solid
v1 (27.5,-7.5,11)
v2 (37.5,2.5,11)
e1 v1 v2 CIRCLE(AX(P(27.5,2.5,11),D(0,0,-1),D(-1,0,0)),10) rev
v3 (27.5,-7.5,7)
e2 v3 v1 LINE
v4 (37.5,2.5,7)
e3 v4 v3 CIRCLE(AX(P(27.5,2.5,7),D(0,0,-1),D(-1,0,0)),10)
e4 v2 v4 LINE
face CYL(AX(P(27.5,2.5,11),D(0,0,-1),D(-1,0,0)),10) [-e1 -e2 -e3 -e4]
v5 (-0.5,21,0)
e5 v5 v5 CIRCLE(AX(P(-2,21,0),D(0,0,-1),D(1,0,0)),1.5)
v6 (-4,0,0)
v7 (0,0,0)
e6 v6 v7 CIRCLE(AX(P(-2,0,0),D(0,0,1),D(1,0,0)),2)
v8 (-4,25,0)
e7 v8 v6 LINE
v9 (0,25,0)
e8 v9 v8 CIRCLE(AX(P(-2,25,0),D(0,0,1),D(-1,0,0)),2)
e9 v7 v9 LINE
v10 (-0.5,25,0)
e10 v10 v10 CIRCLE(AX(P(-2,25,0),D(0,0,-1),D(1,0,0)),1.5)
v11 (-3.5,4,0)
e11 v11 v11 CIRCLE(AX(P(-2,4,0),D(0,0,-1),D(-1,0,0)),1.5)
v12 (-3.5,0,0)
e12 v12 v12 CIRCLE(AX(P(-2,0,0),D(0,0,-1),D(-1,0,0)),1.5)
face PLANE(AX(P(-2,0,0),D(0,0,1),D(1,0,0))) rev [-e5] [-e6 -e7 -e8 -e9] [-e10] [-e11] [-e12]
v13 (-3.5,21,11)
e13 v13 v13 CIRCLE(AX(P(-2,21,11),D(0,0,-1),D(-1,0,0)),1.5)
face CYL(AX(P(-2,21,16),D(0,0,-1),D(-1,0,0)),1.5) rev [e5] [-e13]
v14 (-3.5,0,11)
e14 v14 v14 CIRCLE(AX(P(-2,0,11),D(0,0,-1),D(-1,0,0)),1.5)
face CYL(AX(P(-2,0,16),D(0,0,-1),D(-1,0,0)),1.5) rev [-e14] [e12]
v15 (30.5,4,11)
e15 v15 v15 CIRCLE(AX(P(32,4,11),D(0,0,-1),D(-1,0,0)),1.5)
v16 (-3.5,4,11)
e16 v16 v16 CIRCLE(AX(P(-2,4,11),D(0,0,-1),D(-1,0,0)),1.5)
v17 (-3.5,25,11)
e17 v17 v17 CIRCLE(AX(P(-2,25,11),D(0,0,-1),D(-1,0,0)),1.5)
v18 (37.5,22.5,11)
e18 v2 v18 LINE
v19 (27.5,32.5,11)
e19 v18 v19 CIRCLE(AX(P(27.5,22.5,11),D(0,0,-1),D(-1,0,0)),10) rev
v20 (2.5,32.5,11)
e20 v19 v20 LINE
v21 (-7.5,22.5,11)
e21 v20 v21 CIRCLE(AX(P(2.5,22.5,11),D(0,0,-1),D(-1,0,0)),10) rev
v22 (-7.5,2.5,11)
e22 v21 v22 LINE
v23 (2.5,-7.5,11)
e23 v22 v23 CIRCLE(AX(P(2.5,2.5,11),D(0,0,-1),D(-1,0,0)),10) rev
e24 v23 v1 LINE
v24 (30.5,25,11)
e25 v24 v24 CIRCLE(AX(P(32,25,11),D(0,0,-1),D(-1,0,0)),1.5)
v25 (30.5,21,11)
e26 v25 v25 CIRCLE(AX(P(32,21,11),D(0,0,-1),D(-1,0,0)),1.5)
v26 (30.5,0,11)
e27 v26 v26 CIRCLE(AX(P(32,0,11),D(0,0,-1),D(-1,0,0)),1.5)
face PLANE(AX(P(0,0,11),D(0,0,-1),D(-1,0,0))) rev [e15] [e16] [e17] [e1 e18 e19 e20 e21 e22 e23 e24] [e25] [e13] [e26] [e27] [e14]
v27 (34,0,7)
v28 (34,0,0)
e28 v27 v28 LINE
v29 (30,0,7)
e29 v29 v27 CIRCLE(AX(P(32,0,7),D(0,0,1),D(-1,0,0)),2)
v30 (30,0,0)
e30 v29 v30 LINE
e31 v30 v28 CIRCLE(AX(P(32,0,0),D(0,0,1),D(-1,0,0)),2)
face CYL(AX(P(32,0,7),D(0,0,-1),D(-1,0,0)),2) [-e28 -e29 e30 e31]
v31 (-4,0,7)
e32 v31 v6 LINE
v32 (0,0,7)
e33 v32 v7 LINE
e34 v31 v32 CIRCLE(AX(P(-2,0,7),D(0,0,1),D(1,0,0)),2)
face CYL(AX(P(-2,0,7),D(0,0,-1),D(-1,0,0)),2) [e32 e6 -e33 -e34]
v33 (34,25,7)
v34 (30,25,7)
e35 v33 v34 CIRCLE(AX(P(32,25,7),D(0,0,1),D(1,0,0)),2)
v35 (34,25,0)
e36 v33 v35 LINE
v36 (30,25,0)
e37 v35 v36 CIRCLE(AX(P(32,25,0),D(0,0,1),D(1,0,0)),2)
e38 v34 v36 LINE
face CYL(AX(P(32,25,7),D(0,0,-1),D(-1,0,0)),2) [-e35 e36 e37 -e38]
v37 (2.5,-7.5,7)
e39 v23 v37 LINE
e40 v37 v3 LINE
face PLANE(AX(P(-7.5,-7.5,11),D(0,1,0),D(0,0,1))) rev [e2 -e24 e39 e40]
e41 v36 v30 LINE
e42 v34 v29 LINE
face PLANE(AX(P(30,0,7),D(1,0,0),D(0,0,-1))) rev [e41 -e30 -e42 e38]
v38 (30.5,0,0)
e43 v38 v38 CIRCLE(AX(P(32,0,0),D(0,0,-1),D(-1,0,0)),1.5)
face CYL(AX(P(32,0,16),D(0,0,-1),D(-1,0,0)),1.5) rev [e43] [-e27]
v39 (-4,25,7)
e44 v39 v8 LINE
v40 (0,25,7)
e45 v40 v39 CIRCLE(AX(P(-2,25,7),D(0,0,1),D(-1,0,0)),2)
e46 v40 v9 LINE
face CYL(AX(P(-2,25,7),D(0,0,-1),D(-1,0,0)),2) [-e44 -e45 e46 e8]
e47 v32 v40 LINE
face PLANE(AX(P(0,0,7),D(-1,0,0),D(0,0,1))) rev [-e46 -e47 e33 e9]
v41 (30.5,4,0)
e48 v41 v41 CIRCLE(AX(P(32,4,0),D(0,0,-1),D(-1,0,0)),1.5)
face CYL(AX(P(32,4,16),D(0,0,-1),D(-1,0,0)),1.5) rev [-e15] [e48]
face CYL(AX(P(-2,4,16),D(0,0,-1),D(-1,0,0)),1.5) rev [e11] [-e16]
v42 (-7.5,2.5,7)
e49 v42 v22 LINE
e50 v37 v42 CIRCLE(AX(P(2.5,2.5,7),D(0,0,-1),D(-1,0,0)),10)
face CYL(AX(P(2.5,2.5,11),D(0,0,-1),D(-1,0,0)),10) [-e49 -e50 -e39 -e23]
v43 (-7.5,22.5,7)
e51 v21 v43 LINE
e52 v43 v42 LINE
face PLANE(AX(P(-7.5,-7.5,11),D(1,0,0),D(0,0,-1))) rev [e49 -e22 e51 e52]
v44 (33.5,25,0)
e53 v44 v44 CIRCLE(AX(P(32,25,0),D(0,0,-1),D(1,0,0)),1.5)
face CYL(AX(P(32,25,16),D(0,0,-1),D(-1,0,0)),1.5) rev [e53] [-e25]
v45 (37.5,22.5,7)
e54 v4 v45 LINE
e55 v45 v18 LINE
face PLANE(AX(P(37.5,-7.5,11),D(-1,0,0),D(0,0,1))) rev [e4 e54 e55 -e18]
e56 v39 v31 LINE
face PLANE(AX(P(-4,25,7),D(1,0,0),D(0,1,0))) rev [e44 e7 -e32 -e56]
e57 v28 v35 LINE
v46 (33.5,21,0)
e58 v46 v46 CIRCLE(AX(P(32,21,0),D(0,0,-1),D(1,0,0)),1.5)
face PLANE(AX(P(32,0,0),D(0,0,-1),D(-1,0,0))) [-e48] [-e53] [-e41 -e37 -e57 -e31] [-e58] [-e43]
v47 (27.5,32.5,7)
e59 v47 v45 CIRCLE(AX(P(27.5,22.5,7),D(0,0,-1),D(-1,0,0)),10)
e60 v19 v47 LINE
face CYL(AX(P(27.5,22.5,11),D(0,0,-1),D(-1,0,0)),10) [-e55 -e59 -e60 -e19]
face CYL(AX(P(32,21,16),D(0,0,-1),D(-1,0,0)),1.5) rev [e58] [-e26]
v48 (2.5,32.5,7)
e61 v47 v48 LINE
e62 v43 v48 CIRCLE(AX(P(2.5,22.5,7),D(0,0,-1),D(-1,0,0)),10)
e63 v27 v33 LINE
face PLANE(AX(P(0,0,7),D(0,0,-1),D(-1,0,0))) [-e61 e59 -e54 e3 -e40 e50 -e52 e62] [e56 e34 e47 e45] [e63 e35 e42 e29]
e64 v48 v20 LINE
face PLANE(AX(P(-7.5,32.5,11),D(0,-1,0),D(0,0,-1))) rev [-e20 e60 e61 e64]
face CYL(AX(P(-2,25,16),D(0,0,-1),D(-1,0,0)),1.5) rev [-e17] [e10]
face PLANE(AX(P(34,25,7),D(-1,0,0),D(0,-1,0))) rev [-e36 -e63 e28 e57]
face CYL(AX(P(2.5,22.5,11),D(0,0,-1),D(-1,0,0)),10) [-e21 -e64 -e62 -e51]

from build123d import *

# Parameters (mm, degrees)
BOSS_EXTRUDE1_DEPTH   = 7
BOSS_EXTRUDE1_2_DEPTH = 7
SKETCH2_W             = 45
SKETCH2_H             = 40
BOSS_EXTRUDE2_DEPTH   = 4
FILLET1_R             = 10
SKETCH3_R             = 1.5
CUT_EXTRUDE1_DEPTH    = 16


with BuildPart() as part:
    # Sketch1 → Boss-Extrude1 (new body)
    with BuildSketch(Plane.XY):
        with BuildLine():
            Line((0, 0), (0, 25))
            ThreePointArc((0, 25), (-2, 27), (-4, 25))
            Line((-4, 25), (-4, 0))
            ThreePointArc((-4, 0), (-2, -2), (0, 0))
        make_face()
    extrude(amount=BOSS_EXTRUDE1_DEPTH)



with BuildPart() as body_2:
    # Sketch1 → Boss-Extrude1 2 (new body)
    with BuildSketch(Plane.XY):
        with BuildLine():
            Line((30, 0), (30, 25))
            ThreePointArc((30, 25), (32, 27), (34, 25))
            Line((34, 25), (34, 0))
            ThreePointArc((34, 0), (32, -2), (30, 0))
        make_face()
    extrude(amount=BOSS_EXTRUDE1_2_DEPTH)


with BuildPart() as part_1:
    add(part.part)

    add(body_2.part)  # Boss-Extrude2 merges body 2
    # Sketch2 → Boss-Extrude2 (add)
    with BuildSketch(Plane.XY.offset(7)):
        with Locations((15, 12.5)):
            Rectangle(SKETCH2_W, SKETCH2_H)
    extrude(amount=BOSS_EXTRUDE2_DEPTH)

    # Fillet1
    fillet1_edges = [part_1.edges().sort_by_distance(p)[0] for p in [
        (37.5, -7.5, 9),
        (37.5, 32.5, 9),
        (-7.5, 32.5, 9),
        (-7.5, -7.5, 9),
    ]]
    fillet(fillet1_edges, radius=FILLET1_R)

    # Sketch3 → Cut-Extrude1 (cut)
    with BuildSketch(Plane(origin=(0, 0, 0), x_dir=(-1, 0, 0), z_dir=(0, 0, -1))):
        with Locations((-32, 0)):
            Circle(SKETCH3_R)
        with Locations((-32, 4)):
            Circle(SKETCH3_R)
        with Locations((2, 0)):
            Circle(SKETCH3_R)
        with Locations((2, 4)):
            Circle(SKETCH3_R)
        with Locations((-32, 25)):
            Circle(SKETCH3_R)
        with Locations((-32, 21)):
            Circle(SKETCH3_R)
        with Locations((2, 25)):
            Circle(SKETCH3_R)
        with Locations((2, 21)):
            Circle(SKETCH3_R)
    extrude(amount=-CUT_EXTRUDE1_DEPTH, mode=Mode.SUBTRACT)


solid = part_1.part
